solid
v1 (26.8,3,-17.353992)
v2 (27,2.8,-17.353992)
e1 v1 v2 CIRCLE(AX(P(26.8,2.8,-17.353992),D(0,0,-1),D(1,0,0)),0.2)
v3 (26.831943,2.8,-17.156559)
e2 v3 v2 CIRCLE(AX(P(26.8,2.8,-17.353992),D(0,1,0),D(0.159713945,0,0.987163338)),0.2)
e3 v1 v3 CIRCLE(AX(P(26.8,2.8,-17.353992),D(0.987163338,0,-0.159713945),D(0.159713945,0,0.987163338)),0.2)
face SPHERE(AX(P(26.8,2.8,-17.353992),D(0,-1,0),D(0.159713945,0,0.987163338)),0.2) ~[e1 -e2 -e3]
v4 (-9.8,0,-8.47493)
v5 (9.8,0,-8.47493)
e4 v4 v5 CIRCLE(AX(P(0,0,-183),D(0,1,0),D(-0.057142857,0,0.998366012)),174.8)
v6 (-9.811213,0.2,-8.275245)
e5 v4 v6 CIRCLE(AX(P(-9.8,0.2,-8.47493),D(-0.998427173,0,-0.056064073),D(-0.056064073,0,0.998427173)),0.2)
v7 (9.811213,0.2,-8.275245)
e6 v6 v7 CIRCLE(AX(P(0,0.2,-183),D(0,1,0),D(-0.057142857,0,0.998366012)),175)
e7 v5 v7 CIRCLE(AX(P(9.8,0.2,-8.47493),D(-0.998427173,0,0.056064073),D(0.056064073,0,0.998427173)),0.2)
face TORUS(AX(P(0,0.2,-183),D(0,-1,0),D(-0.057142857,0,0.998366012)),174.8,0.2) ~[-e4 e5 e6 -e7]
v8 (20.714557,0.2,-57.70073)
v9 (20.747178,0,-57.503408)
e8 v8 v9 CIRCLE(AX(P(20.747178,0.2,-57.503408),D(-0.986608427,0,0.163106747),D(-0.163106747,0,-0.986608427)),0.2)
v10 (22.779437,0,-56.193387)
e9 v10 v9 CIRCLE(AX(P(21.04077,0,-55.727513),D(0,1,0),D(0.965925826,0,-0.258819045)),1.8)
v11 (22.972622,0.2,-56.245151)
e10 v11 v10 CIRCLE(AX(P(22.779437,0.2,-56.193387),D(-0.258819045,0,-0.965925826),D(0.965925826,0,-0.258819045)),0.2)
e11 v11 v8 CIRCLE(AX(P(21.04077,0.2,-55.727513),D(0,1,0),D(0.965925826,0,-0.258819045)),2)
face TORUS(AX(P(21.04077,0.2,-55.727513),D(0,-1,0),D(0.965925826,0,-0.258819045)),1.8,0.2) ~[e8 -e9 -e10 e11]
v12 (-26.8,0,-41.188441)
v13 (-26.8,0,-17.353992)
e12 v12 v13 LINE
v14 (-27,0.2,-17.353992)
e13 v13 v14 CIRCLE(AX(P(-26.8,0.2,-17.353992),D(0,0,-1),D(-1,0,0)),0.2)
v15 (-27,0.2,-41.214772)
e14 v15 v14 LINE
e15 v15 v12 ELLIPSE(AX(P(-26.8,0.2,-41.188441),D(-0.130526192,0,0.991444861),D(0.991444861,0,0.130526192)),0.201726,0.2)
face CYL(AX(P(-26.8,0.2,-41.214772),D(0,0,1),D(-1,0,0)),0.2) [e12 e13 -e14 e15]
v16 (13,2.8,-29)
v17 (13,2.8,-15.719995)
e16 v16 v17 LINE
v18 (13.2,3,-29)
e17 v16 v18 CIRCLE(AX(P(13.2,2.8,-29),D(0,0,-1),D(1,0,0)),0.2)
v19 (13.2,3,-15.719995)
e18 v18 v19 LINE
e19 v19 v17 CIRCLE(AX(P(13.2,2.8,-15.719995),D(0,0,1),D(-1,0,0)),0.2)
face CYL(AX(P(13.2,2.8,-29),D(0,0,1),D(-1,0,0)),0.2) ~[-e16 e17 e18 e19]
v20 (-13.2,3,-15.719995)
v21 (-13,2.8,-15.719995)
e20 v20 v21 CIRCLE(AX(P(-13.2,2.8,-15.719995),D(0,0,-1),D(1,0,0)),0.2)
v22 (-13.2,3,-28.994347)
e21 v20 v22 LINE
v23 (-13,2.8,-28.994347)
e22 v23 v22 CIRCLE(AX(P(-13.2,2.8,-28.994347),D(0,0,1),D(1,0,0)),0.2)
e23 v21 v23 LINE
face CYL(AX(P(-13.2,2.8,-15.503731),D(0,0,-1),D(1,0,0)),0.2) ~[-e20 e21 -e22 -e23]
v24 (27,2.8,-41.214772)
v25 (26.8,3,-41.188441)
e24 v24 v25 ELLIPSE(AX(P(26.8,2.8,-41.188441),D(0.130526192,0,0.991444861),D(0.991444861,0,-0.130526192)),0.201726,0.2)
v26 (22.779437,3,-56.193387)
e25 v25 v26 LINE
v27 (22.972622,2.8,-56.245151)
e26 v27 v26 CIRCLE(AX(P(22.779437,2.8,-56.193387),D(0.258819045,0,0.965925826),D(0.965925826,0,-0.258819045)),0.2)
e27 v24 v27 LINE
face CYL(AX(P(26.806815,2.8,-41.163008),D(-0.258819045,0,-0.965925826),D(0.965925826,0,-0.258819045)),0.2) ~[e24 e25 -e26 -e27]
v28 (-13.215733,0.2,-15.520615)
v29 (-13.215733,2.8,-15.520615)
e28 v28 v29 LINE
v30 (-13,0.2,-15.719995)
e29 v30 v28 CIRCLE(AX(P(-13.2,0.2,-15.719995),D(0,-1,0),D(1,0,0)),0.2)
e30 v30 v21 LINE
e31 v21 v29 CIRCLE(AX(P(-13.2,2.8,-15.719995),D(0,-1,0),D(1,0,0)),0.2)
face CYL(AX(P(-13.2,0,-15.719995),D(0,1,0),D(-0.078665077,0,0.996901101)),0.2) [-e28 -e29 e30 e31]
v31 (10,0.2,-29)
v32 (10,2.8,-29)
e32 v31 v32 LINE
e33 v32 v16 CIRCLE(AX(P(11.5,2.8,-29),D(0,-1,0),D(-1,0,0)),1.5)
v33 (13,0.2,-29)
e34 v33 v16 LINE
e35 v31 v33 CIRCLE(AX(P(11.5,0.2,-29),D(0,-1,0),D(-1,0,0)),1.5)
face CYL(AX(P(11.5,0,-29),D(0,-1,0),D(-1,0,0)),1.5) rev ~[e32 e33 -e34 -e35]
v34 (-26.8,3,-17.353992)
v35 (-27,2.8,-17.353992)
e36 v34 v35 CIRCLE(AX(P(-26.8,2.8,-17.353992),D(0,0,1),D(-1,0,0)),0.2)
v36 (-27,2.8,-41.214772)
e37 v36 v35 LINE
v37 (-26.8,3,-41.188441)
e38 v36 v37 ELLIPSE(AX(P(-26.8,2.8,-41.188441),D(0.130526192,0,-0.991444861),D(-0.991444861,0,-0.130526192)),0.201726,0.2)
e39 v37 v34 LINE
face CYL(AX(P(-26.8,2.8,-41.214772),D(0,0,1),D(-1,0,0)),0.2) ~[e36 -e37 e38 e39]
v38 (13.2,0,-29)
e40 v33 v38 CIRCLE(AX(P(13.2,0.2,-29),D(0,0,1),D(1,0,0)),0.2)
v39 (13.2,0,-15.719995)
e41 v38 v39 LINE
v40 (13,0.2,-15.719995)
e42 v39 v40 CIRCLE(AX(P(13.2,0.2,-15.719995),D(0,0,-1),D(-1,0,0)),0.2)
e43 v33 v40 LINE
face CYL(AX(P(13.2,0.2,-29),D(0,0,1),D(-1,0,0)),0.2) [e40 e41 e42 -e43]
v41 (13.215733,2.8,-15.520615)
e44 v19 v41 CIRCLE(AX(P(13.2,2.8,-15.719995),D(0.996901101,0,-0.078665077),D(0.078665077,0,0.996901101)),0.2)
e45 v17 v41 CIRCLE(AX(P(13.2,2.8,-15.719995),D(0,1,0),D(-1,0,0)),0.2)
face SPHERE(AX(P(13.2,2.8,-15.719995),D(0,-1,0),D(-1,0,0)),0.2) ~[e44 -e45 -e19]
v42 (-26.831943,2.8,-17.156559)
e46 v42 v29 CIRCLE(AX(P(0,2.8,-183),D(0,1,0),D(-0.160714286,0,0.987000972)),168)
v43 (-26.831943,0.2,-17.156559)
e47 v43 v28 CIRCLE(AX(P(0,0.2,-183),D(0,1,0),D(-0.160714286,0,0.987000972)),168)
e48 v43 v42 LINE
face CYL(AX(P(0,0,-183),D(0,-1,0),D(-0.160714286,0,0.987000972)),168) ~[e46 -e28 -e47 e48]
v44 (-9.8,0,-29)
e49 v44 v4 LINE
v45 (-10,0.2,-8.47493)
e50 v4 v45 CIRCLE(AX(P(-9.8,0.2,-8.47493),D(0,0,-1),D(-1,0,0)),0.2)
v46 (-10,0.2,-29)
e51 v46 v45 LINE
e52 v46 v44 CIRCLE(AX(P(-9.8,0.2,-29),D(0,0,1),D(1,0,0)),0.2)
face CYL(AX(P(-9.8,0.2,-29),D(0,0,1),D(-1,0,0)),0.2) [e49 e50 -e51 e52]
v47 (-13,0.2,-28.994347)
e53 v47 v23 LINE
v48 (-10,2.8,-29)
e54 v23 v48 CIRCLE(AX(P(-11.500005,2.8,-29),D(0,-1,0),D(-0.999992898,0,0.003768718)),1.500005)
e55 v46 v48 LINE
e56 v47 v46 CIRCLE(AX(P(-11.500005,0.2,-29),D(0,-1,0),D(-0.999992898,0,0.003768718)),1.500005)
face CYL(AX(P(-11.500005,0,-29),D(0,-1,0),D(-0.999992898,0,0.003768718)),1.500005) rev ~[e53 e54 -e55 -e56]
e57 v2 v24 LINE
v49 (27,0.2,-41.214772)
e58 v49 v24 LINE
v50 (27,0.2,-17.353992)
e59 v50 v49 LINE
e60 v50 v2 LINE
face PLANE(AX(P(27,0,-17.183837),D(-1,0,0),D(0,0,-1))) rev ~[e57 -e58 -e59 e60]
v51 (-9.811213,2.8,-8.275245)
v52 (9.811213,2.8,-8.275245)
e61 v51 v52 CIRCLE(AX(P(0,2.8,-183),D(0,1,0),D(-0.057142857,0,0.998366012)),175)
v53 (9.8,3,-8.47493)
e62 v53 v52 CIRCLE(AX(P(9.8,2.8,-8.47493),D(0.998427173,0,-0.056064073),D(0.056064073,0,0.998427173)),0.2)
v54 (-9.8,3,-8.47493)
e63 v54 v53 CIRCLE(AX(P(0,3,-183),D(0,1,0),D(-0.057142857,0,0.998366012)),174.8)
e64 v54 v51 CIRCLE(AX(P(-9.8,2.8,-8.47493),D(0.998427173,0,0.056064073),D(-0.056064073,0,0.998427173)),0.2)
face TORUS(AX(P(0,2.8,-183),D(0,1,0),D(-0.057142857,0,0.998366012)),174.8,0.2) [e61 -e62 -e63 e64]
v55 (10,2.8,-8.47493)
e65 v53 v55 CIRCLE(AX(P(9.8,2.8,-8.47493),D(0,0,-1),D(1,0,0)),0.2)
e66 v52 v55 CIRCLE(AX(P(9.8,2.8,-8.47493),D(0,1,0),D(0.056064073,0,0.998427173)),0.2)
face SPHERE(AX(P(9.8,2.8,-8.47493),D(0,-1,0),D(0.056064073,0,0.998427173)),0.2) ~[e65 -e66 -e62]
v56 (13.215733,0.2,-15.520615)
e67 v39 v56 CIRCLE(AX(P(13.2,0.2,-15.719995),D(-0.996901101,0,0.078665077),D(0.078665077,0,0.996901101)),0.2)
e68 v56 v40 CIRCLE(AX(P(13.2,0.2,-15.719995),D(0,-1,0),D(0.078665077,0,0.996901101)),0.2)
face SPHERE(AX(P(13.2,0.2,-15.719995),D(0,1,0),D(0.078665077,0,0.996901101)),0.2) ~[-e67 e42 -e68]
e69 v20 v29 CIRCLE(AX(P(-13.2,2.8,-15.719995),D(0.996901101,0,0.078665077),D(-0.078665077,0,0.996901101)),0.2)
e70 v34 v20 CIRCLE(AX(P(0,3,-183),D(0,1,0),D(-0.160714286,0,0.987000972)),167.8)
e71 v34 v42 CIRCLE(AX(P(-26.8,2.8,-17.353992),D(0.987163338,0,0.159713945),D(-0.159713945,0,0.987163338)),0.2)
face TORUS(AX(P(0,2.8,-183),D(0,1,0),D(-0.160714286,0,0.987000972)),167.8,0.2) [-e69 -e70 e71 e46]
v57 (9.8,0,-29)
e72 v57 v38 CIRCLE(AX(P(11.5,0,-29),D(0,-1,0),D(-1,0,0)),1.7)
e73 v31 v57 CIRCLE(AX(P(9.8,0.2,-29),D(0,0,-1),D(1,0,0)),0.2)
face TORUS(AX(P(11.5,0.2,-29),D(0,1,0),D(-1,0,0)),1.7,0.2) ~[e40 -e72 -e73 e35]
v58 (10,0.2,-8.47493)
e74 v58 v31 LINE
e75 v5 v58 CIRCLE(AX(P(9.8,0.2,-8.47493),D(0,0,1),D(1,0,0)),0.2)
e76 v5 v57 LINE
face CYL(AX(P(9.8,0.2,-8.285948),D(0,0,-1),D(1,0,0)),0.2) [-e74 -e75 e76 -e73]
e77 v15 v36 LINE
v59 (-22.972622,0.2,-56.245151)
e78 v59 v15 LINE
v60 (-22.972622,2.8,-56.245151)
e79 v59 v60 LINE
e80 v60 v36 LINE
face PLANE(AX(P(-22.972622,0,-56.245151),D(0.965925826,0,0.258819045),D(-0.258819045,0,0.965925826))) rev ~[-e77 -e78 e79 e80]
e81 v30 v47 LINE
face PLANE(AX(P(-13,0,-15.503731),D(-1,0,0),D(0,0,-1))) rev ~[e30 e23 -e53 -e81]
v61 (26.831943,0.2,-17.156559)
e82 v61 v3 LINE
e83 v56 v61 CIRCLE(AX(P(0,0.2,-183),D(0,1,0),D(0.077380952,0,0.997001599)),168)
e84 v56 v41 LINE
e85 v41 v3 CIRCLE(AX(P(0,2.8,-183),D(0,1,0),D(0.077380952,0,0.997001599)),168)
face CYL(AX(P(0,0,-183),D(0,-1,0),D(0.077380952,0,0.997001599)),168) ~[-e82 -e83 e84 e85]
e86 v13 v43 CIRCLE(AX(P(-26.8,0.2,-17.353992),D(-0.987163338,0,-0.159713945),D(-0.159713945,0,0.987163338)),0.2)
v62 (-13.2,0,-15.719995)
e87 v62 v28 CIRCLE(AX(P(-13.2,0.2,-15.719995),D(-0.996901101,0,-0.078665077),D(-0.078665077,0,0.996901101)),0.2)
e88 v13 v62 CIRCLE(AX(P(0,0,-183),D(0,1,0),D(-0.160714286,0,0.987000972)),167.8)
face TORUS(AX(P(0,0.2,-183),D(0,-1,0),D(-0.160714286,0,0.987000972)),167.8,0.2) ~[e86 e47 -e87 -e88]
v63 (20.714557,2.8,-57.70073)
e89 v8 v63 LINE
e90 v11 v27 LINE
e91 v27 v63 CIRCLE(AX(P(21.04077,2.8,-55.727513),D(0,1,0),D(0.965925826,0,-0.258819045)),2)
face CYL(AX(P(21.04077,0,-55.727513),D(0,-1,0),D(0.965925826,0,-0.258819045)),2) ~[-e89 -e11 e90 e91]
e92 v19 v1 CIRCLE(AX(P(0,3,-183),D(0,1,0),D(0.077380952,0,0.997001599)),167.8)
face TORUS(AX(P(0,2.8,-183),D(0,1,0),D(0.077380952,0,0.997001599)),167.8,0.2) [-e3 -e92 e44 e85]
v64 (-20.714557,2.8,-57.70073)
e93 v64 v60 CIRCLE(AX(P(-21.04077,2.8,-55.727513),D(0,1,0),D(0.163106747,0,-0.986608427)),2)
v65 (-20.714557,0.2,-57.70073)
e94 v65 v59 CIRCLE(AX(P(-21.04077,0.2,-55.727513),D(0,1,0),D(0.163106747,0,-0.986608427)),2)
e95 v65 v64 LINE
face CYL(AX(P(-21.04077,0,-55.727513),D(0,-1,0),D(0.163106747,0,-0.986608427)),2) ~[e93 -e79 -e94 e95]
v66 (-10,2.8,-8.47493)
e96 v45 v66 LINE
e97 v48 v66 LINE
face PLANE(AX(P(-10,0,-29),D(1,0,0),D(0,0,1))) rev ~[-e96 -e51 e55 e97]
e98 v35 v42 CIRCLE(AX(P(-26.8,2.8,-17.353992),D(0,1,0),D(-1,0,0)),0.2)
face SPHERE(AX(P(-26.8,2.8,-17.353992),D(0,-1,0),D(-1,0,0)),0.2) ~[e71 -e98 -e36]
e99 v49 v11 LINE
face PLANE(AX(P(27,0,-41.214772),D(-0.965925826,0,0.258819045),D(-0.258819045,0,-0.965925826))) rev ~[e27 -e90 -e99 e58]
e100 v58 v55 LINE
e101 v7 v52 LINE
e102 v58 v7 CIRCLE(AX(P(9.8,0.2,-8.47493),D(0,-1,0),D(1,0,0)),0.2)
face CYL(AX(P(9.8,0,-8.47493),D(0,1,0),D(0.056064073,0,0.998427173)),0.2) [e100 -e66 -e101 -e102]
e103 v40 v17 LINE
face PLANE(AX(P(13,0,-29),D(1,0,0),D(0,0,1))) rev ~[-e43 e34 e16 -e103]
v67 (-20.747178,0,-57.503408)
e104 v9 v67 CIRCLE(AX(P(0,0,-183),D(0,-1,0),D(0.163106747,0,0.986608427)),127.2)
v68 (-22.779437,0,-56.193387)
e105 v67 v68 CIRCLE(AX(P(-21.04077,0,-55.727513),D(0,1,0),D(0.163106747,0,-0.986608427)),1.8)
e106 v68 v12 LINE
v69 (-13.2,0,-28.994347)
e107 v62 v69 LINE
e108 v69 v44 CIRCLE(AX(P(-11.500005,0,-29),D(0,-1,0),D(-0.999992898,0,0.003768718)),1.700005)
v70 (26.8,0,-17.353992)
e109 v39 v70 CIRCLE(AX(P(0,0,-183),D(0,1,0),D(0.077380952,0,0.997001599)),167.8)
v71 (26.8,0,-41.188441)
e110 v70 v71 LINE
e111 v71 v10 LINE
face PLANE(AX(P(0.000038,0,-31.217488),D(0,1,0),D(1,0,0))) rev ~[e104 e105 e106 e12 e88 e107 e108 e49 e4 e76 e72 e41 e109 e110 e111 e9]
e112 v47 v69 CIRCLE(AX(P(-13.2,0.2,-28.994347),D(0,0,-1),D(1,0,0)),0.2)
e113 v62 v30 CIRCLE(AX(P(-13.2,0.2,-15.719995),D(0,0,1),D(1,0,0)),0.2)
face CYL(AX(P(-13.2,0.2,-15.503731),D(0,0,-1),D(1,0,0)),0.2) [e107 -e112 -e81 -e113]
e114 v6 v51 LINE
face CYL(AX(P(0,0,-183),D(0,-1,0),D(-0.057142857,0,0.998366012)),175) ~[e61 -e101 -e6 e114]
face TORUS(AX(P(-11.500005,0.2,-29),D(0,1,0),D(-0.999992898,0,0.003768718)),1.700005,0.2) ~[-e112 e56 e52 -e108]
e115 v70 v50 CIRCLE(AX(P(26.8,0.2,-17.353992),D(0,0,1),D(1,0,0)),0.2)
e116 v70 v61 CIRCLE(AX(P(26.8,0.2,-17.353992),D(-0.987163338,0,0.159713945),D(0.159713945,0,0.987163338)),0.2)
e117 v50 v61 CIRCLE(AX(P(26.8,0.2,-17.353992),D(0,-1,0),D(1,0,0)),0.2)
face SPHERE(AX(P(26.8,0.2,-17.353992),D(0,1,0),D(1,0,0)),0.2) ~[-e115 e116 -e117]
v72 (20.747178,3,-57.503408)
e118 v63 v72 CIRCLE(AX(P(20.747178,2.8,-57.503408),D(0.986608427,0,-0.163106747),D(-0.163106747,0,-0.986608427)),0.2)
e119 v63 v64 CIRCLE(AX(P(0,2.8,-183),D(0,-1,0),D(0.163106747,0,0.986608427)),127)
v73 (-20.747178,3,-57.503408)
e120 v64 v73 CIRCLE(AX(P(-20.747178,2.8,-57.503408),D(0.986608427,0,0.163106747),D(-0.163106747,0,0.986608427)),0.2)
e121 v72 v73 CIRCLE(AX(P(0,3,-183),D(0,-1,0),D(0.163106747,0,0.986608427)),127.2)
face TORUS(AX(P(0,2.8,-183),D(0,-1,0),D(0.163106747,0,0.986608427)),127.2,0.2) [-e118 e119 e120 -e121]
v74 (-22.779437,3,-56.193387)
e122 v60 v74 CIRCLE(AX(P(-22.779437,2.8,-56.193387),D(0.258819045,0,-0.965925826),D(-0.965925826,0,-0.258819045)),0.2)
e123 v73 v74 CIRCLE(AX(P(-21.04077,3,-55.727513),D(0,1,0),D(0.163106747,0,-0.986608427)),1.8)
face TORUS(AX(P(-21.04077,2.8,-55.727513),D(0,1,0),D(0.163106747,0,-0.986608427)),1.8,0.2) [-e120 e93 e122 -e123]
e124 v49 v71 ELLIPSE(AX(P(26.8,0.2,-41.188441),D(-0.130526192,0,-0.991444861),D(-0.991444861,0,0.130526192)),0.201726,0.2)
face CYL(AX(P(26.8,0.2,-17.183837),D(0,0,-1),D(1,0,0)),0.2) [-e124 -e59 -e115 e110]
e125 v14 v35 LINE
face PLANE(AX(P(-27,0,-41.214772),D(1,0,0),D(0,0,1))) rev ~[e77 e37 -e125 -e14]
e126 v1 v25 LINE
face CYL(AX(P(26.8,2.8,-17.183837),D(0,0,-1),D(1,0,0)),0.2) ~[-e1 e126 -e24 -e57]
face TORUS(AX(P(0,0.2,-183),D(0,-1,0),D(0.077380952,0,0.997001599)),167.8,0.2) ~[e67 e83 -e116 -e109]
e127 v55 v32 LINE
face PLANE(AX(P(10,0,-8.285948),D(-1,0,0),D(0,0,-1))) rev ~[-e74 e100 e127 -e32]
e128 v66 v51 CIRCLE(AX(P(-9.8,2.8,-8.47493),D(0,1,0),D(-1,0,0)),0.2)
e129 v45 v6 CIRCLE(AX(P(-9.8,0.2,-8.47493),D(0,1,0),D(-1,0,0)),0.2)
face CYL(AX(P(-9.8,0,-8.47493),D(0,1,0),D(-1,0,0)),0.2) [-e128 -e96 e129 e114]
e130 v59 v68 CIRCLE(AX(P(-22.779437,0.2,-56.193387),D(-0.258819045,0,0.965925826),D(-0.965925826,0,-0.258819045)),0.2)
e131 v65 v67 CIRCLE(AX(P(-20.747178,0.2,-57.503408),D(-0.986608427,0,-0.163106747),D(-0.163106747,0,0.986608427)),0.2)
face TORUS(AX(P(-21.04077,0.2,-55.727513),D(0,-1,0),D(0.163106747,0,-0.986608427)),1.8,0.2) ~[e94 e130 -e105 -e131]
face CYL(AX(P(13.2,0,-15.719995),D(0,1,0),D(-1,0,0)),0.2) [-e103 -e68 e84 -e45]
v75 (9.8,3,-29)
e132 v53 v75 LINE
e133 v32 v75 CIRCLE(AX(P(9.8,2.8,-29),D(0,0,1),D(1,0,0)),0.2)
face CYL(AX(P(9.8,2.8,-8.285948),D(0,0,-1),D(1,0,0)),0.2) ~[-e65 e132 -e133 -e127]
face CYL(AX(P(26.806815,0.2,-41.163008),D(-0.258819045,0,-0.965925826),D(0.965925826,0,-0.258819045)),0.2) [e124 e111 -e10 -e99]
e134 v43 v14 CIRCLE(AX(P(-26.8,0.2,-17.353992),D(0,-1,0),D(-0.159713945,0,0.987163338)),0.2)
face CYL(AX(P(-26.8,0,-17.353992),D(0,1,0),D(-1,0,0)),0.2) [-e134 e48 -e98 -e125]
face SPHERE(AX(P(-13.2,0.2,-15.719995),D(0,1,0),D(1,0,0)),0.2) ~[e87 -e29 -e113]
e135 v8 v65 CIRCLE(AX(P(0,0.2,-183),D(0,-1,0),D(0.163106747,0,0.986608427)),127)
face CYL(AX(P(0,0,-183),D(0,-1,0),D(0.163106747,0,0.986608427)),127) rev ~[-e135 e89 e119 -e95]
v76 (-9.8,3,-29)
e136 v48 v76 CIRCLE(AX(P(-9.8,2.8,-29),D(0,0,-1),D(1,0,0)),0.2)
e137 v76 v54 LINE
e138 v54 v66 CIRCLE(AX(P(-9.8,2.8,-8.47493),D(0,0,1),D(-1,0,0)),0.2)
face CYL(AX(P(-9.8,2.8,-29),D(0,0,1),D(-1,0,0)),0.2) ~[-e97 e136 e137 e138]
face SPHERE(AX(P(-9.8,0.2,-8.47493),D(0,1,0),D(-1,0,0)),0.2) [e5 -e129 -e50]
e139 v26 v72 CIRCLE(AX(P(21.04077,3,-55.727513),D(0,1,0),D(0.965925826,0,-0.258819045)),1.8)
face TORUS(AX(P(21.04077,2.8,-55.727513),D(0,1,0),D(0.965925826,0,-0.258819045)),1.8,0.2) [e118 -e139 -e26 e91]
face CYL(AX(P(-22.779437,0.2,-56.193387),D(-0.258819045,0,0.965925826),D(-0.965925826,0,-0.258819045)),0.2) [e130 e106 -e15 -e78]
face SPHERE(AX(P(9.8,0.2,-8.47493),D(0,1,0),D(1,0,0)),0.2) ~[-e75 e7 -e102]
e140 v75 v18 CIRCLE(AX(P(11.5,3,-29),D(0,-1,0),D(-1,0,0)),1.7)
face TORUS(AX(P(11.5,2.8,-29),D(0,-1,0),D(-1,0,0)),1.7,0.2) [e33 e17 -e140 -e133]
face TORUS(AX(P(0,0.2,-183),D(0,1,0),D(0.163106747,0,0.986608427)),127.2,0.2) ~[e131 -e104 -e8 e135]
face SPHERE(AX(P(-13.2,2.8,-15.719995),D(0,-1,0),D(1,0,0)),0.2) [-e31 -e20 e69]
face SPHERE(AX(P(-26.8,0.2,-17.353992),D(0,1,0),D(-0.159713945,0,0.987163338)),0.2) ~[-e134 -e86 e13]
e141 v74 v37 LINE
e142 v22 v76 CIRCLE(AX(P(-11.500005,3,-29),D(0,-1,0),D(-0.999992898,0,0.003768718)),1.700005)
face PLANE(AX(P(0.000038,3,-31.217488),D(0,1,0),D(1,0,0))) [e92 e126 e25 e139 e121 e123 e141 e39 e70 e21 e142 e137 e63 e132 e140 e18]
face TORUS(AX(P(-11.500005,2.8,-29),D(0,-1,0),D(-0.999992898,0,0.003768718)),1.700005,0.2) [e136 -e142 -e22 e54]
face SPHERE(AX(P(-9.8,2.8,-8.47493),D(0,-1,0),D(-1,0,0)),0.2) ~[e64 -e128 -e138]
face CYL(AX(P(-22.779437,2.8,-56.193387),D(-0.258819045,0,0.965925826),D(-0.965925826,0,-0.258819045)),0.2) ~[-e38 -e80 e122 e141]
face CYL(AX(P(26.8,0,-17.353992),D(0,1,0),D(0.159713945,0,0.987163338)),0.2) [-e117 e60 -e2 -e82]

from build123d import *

# Parameters (mm, degrees)
BOSS_EXTRUDE1_DEPTH = 3
FILLET1_R           = 0.2


with BuildPart() as part:
    # Sketch1 → Boss-Extrude1 (new body)
    with BuildSketch(Plane(origin=(0, 0, 0), x_dir=(1, 0, 0), z_dir=(0, 1, 0))):
        with BuildLine():
            Line((-10, 29), (-10, 8.285947903))
            ThreePointArc((-10, 8.285947903), (0, 8), (10, 8.285947903))
            Line((10, 8.285947903), (10, 29))
            ThreePointArc((10, 29), (11.5, 30.5), (13, 29))
            Line((13, 29), (13, 15.503731385))
            ThreePointArc((13, 15.503731385), (20.017634438, 16.196839624), (27, 17.183836735))
            Line((27, 17.183836735), (27, 41.21477169))
            Line((27, 41.21477169), (22.972622015, 56.245150951))
            ThreePointArc((22.972622015, 56.245150951), (22.124373546, 57.408525693), (20.714556868, 57.700729716))
            ThreePointArc((20.714556868, 57.700729716), (0, 56), (-20.714556868, 57.700729716))
            ThreePointArc((-20.714556868, 57.700729716), (-22.124373546, 57.408525693), (-22.972622015, 56.245150951))
            Line((-22.972622015, 56.245150951), (-27, 41.21477169))
            Line((-27, 41.21477169), (-27, 17.183836735))
            ThreePointArc((-27, 17.183836735), (-20.017634438, 16.196839624), (-13, 15.503731385))
            Line((-13, 15.503731385), (-13, 28.994346903))
            ThreePointArc((-13, 28.994346903), (-11.50283188, 30.500002663), (-10, 29))
        make_face()
    extrude(amount=BOSS_EXTRUDE1_DEPTH)

    # Fillet1
    fillet1_edges = [part.edges().sort_by_distance(p)[0] for p in [
        (0, 3, -8),
        (10, 3, -18.642973952),
        (-13, 0, -22.249039144),
        (-20.017634438, 0, -16.196839624),
        (-27, 0, -29.199304212),
        (-24.986311008, 0, -48.729961321),
        (-22.124373546, 0, -57.408525693),
        (11.5, 3, -30.5),
        (0, 0, -56),
        (22.124373546, 0, -57.408525693),
        (24.986311008, 0, -48.729961321),
        (27, 0, -29.199304212),
        (20.017634438, 0, -16.196839624),
        (13, 0, -22.251865692),
        (11.5, 0, -30.5),
        (10, 0, -18.642973952),
        (13, 3, -22.251865692),
        (0, 0, -8),
        (-10, 0, -18.642973952),
        (-11.50283188, 0, -30.500002663),
        (20.017634438, 3, -16.196839624),
        (27, 3, -29.199304212),
        (-13, 1.5, -15.503731385),
        (-27, 1.5, -17.183836735),
        (27, 1.5, -17.183836735),
        (13, 1.5, -15.503731385),
        (10, 1.5, -8.285947903),
        (-10, 1.5, -8.285947903),
        (24.986311008, 3, -48.729961321),
        (22.124373546, 3, -57.408525693),
        (0, 3, -56),
        (-22.124373546, 3, -57.408525693),
        (-11.50283188, 3, -30.500002663),
        (-24.986311008, 3, -48.729961321),
        (-27, 3, -29.199304212),
        (-20.017634438, 3, -16.196839624),
        (-13, 3, -22.249039144),
        (-10, 3, -18.642973952),
    ]]
    fillet(fillet1_edges, radius=FILLET1_R)


solid = part.part
